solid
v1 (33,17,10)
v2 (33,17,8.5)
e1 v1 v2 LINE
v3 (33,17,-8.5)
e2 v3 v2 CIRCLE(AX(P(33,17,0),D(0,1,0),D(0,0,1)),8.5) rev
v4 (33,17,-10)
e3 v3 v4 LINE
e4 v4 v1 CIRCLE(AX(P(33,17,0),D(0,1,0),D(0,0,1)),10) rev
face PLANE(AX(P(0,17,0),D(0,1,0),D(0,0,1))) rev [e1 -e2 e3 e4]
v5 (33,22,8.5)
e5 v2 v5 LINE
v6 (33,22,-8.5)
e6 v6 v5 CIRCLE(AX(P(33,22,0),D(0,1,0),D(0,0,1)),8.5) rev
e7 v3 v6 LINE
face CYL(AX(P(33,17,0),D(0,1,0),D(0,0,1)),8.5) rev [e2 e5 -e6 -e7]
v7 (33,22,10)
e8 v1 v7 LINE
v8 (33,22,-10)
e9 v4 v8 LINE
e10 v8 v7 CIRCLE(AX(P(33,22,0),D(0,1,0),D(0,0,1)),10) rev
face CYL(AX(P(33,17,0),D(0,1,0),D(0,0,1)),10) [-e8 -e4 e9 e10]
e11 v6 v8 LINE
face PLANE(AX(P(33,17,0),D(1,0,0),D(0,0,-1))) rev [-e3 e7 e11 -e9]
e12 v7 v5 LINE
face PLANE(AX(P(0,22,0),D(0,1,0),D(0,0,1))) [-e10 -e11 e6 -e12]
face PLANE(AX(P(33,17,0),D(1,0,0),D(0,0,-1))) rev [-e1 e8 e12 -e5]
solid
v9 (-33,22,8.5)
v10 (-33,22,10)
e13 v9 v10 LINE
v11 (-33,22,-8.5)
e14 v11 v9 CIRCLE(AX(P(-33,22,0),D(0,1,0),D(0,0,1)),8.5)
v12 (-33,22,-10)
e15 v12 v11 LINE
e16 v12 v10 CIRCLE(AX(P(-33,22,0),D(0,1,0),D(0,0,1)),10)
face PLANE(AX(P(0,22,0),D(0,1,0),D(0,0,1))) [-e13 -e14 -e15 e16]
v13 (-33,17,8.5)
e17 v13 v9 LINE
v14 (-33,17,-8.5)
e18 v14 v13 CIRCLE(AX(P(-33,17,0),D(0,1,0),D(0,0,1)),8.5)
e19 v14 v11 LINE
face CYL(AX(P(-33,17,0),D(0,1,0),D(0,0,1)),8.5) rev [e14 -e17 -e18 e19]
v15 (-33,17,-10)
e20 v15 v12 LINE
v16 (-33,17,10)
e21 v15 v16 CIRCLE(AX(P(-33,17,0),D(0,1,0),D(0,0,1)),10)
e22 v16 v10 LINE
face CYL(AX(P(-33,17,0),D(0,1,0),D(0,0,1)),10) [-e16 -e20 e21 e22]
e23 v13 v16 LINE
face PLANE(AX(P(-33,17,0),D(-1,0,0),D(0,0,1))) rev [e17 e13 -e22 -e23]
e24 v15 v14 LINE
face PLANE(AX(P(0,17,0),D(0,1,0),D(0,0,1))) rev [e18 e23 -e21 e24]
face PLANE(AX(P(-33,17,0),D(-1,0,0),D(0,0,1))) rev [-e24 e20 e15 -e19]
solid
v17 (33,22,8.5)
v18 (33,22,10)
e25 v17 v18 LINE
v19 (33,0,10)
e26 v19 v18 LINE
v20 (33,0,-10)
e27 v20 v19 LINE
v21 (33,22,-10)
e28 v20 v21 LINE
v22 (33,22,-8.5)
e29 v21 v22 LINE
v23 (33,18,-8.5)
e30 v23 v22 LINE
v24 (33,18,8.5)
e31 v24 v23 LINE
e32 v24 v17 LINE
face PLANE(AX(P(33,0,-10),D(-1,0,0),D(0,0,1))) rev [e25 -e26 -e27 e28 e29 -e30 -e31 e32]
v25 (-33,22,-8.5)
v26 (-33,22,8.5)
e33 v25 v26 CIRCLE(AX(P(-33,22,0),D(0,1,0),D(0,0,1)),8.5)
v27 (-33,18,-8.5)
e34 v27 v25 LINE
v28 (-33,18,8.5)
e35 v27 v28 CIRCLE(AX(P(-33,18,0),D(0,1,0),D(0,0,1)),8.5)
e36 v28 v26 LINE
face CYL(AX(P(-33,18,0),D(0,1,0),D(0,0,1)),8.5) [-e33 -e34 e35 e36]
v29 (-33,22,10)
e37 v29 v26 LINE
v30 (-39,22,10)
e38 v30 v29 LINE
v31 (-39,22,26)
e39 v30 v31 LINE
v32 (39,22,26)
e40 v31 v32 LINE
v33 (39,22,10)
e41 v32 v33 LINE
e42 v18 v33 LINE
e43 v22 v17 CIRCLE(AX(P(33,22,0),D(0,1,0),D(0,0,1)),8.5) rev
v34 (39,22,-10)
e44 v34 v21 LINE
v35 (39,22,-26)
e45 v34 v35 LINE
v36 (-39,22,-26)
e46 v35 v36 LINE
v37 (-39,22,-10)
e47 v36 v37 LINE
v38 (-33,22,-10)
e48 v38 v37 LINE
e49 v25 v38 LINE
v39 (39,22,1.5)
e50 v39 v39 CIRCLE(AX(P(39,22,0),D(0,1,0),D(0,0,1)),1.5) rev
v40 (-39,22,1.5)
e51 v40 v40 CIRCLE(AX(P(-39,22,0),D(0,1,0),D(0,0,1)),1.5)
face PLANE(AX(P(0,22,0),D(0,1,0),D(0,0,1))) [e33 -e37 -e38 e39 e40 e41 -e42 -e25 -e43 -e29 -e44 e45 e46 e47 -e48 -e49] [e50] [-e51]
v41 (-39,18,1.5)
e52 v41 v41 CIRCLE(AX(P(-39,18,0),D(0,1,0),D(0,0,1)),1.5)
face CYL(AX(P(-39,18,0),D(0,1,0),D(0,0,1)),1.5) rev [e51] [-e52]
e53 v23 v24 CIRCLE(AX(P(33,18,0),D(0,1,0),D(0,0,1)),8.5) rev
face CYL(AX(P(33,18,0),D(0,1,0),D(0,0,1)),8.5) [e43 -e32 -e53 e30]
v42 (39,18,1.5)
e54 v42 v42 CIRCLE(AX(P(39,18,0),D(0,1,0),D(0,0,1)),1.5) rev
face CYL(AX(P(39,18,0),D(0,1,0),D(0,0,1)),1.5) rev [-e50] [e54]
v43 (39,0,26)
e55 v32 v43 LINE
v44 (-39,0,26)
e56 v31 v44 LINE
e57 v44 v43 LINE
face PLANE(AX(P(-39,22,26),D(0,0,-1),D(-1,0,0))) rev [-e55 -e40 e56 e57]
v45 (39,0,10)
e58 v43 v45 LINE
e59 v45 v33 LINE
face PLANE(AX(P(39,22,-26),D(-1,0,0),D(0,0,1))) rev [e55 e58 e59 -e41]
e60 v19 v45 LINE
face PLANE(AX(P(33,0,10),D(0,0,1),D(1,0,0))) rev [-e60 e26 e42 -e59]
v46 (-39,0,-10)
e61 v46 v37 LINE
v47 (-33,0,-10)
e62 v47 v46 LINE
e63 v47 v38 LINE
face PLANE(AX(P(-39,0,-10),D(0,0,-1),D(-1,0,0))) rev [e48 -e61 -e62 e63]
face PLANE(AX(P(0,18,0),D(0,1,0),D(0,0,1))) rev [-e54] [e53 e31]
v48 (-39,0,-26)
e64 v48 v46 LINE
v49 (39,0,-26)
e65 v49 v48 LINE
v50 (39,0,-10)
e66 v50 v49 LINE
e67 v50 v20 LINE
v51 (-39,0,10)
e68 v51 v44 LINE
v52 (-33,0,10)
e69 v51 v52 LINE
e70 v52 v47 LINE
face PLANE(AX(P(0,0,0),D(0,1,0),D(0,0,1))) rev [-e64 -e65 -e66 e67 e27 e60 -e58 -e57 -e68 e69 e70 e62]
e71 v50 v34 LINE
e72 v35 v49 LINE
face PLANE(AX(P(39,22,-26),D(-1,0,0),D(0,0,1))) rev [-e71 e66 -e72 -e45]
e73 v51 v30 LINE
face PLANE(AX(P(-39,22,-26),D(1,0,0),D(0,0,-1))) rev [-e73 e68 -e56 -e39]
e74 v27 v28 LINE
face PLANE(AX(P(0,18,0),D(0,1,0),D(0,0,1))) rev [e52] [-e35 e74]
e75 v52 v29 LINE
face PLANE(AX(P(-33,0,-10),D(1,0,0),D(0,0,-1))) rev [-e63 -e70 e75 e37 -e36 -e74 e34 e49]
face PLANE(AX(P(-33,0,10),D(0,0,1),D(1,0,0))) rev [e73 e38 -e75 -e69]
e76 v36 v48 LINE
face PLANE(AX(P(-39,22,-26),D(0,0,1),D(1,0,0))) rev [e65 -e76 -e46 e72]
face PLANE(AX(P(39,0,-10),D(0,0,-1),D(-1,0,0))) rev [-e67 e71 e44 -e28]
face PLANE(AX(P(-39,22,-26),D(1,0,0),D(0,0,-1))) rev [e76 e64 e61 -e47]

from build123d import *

# Parameters (mm, degrees)
SCHIZZO1_W                     = 78
SCHIZZO1_H                     = 52
ESTRUSIONE_ESTRUSIONE1_DEPTH   = 22
SCHIZZO3_W                     = 6
SCHIZZO3_H                     = 20
TAGLIO_ESTRUSIONE1_DEPTH       = 52.778373864
SCHIZZO4_R                     = 1.5
ESTRUSIONE_ESTRUSIONE2_DEPTH   = 4
ESTRUSIONE_ESTRUSIONE3_DEPTH   = 5
ESTRUSIONE_ESTRUSIONE3_2_DEPTH = 5


with BuildPart() as part:
    # Schizzo1 → Estrusione-Estrusione1 (new body)
    with BuildSketch(Plane(origin=(0, 0, 0), x_dir=(1, 0, 0), z_dir=(0, 1, 0))):
        Rectangle(SCHIZZO1_W, SCHIZZO1_H)
    extrude(amount=ESTRUSIONE_ESTRUSIONE1_DEPTH)

    # Schizzo3 → Taglio-Estrusione1 (cut, through all)
    with BuildSketch(Plane(origin=(0, 22, 0), x_dir=(1, 0, 0), z_dir=(0, 1, 0))):
        with Locations((-36, 0)):
            Rectangle(SCHIZZO3_W, SCHIZZO3_H)
        with Locations((36, 0)):
            Rectangle(SCHIZZO3_W, SCHIZZO3_H)
    extrude(amount=-TAGLIO_ESTRUSIONE1_DEPTH, mode=Mode.SUBTRACT)

    # Schizzo4 → Estrusione-Estrusione2 (add)
    # profile 1 of 2: a face of its own
    with BuildSketch(Plane(origin=(0, 22, 0), x_dir=(1, 0, 0), z_dir=(0, 1, 0))):
        with BuildLine():
            Line((-33, -8.5), (-33, 8.5))
            ThreePointArc((-33, 8.5), (-41.5, 0), (-33, -8.5))
        make_face()
        with Locations((-39, 0)):
            Circle(SCHIZZO4_R, mode=Mode.SUBTRACT)
    # profile 2 of 2: a face of its own
    with BuildSketch(Plane(origin=(0, 22, 0), x_dir=(1, 0, 0), z_dir=(0, 1, 0))):
        with BuildLine():
            ThreePointArc((33, -8.5), (41.5, 0), (33, 8.5))
            Line((33, 8.5), (33, -8.5))
        make_face()
        with Locations((39, 0)):
            Circle(SCHIZZO4_R, mode=Mode.SUBTRACT)
    extrude(amount=-ESTRUSIONE_ESTRUSIONE2_DEPTH)


with BuildPart() as body_2:
    # Schizzo4<3> → Estrusione-Estrusione3 (new body)
    with BuildSketch(Plane(origin=(0, 22, 0), x_dir=(1, 0, 0), z_dir=(0, 1, 0))):
        with BuildLine():
            Line((-33, 8.5), (-33, 10))
            ThreePointArc((-33, 10), (-43, 0), (-33, -10))
            Line((-33, -10), (-33, -8.5))
            ThreePointArc((-33, -8.5), (-41.5, 0), (-33, 8.5))
        make_face()
    extrude(amount=-ESTRUSIONE_ESTRUSIONE3_DEPTH)


with BuildPart() as body_3:
    # Schizzo4<3> → Estrusione-Estrusione3 2 (new body)
    with BuildSketch(Plane(origin=(0, 22, 0), x_dir=(1, 0, 0), z_dir=(0, 1, 0))):
        with BuildLine():
            Line((33, 10), (33, 8.5))
            ThreePointArc((33, 8.5), (41.5, 0), (33, -8.5))
            Line((33, -8.5), (33, -10))
            ThreePointArc((33, -10), (43, 0), (33, 10))
        make_face()
    extrude(amount=-ESTRUSIONE_ESTRUSIONE3_2_DEPTH)


solid = Compound([part.part, body_2.part, body_3.part])
